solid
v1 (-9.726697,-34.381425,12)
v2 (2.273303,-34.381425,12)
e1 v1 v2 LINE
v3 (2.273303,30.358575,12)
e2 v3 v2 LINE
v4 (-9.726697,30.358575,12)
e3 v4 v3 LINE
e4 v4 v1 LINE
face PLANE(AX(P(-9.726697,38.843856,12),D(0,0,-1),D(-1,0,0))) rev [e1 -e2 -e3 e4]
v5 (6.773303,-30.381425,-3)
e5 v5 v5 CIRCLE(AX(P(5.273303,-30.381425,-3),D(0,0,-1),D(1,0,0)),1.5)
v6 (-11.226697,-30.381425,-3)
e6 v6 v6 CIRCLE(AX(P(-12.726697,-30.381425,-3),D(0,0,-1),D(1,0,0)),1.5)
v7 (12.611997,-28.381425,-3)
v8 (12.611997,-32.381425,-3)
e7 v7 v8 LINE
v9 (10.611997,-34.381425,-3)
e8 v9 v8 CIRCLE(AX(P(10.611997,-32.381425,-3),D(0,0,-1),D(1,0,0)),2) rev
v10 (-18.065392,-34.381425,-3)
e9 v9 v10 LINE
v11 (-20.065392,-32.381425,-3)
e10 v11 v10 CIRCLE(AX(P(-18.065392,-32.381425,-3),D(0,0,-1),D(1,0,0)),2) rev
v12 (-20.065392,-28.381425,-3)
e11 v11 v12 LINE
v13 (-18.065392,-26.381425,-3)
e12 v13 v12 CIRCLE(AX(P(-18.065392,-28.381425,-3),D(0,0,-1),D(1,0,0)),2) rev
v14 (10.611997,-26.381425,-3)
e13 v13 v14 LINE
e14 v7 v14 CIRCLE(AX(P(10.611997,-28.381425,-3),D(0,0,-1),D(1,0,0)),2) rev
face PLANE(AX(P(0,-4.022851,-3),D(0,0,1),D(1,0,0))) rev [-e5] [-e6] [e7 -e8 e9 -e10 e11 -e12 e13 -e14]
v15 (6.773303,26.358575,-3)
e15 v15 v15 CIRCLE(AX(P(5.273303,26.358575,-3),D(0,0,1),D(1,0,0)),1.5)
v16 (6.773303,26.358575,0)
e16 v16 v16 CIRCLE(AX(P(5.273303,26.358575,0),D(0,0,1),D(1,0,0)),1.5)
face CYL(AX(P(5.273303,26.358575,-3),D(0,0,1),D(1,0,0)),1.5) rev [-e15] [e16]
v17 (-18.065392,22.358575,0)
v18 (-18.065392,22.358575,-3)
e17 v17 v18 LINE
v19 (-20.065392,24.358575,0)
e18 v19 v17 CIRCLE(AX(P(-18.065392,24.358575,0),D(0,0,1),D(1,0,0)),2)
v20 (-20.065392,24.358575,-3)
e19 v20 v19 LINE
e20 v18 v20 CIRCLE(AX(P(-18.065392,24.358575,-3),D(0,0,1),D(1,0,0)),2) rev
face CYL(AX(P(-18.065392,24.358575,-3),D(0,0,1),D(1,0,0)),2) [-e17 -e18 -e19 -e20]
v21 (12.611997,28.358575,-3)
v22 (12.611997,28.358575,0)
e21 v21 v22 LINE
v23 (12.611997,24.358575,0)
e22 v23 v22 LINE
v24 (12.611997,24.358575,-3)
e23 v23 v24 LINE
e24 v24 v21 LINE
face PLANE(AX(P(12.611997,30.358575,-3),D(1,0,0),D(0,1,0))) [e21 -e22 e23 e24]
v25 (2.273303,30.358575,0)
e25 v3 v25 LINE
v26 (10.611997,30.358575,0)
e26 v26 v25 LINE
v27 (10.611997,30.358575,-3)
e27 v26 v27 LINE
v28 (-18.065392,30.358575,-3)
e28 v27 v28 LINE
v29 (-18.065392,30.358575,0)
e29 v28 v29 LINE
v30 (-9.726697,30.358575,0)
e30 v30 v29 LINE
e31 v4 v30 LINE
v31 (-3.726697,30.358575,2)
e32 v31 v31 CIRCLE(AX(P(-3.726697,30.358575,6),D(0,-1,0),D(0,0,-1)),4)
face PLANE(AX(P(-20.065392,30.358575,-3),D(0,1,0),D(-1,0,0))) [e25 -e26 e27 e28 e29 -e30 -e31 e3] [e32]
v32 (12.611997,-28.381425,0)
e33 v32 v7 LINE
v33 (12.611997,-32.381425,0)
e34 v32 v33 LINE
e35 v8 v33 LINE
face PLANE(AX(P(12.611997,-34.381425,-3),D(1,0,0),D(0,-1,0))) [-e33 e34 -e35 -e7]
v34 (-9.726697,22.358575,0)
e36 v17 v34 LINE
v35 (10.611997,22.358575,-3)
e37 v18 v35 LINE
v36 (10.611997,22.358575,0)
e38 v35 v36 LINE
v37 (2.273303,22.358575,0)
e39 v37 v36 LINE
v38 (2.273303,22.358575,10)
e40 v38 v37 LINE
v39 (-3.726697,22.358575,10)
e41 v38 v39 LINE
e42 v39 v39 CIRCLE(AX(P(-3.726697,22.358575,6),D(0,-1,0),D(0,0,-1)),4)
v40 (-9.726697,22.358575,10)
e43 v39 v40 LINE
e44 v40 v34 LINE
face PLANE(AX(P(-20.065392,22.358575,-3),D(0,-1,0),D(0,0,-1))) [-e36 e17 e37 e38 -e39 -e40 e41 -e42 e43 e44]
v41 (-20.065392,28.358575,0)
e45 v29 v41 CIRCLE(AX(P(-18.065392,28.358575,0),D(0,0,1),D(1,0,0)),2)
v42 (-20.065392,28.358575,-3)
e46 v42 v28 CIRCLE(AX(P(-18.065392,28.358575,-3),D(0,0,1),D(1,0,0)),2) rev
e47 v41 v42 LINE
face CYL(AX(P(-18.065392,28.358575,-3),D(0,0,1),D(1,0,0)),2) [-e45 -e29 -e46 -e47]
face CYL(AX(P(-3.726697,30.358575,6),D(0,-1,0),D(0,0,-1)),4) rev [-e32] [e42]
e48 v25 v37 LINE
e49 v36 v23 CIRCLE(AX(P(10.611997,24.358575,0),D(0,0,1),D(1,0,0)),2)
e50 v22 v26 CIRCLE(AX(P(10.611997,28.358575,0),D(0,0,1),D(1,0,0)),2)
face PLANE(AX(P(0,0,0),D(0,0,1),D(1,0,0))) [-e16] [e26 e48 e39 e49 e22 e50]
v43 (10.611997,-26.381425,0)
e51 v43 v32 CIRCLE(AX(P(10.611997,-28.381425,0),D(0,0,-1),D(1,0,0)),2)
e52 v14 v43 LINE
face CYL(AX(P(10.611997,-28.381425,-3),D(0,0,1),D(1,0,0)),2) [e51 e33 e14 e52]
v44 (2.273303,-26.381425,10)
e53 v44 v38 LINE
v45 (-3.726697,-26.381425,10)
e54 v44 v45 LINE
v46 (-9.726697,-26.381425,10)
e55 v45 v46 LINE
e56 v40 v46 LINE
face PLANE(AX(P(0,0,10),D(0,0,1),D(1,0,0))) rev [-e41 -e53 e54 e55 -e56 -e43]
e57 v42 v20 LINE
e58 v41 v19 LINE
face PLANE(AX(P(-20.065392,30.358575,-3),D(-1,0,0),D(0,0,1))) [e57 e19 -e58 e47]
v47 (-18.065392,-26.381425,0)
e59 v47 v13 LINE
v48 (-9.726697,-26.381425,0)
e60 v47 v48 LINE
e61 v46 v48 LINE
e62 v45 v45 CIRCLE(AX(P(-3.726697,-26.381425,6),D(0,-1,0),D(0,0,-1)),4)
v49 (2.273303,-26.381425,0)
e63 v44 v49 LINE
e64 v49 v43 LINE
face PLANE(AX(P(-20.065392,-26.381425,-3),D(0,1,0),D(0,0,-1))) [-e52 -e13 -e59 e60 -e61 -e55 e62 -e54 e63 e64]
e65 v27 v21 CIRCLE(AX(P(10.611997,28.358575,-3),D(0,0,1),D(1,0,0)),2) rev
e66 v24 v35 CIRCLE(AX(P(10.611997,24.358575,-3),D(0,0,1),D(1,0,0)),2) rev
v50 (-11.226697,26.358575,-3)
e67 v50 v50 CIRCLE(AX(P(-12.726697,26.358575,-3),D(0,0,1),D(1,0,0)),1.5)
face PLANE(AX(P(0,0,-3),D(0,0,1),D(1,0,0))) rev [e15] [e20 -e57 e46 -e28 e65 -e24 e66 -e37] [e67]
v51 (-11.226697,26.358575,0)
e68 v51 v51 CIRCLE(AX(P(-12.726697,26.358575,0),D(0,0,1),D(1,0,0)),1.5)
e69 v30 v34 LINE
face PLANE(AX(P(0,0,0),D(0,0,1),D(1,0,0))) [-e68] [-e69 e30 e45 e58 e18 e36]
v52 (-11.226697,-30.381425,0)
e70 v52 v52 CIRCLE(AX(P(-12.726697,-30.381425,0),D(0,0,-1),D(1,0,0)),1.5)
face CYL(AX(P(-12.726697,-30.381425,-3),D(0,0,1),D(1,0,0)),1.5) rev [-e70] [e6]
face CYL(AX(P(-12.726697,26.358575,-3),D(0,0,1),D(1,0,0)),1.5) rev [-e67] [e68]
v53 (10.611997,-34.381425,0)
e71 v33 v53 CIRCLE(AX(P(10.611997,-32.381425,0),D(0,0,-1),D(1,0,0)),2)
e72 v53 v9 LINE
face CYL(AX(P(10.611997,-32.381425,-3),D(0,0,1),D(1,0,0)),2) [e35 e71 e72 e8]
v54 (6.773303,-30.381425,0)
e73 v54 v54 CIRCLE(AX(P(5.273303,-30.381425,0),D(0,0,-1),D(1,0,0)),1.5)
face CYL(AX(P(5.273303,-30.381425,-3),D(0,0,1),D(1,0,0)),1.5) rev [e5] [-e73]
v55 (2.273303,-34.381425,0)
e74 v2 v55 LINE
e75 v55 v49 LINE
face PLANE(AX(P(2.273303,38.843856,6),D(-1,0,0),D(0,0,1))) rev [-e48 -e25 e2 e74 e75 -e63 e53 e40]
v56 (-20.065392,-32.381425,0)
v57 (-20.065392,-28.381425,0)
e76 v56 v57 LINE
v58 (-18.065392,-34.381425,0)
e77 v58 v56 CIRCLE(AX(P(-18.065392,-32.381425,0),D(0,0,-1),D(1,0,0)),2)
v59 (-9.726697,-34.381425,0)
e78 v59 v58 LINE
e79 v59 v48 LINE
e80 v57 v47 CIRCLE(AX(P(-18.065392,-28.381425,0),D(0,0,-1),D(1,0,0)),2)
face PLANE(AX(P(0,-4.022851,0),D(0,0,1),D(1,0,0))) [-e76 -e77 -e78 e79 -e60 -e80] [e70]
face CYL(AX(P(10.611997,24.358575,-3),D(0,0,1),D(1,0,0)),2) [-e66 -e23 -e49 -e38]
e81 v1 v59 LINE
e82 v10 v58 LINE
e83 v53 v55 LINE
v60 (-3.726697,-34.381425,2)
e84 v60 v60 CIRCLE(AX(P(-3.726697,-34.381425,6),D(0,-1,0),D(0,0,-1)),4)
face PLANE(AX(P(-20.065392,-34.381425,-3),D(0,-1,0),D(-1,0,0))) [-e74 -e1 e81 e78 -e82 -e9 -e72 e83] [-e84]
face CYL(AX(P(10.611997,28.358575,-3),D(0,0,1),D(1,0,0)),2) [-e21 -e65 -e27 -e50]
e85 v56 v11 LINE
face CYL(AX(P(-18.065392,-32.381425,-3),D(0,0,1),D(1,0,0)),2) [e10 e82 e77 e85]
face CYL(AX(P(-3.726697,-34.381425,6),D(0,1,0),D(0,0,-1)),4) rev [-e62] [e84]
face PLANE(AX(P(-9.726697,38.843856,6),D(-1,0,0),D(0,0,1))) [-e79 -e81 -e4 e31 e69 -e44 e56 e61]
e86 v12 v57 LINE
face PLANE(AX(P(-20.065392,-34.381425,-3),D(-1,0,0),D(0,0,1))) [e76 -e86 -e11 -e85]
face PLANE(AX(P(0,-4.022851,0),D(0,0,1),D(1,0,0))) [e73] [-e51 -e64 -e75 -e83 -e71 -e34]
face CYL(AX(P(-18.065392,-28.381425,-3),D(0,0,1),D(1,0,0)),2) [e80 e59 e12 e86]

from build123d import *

# Parameters (mm, degrees)
SKETCH_1_W             = 32.677388302
SKETCH_1_H             = 8
EXTRUDE_1_DEPTH        = 3
SKETCH_2_R             = 1.5
CUT_EXTRUDE_1_DEPTH    = 4
SKETCH_3_R             = 6
EXTRUDE_2_DEPTH        = 8
EXTRUDE_3_DEPTH        = 8
SKETCH_10_W            = 12
SKETCH_10_H            = 24.37
EXTRUDE_5_DEPTH        = 2
SKETCH_4_R             = 4
CUT_EXTRUDE_2_DEPTH    = 9
FILLET_1_R             = 2
MIRROR_3_COPY_1_DEPTH  = 8
FILLET_1_OF_MIRROR_3_R = 2


with BuildPart() as part:
    # 草图1 → 凸台-拉伸1 (new body)
    with BuildSketch(Plane.XY):
        with Locations((-3.726697353, 26.358574689)):
            Rectangle(SKETCH_1_W, SKETCH_1_H)
    extrude_1 = extrude(amount=-EXTRUDE_1_DEPTH)

    # 草图2 → 切除-拉伸1 (cut, through all)
    with BuildSketch(Plane.XY):
        with Locations((-12.726697353, 26.358574689)):
            Circle(SKETCH_2_R)
        with Locations((5.273302647, 26.358574689)):
            Circle(SKETCH_2_R)
    cut_extrude_1 = extrude(amount=-CUT_EXTRUDE_1_DEPTH, mode=Mode.SUBTRACT)



with BuildPart() as body_2:
    # 草图3 → 凸台-拉伸2 (new body)
    with BuildSketch(Plane.XZ.offset(-22.358574689)):
        with Locations((-3.726697353, 6)):
            Circle(SKETCH_3_R)
    extrude_2 = extrude(amount=-EXTRUDE_2_DEPTH)


with BuildPart() as part_1:
    add(part.part)

    add(body_2.part)  # 凸台-拉伸3 merges body 2
    # 草图5 → 凸台-拉伸3 (add)
    with BuildSketch(Plane.XZ.offset(-22.358574689)):
        Polygon((-3.726697353, 0), (-9.726697353, 6), (-9.726697353, 0), align=None)
        Polygon((2.273302647, 6), (-3.726697353, 0), (2.273302647, 0), align=None)
    extrude_3 = extrude(amount=-EXTRUDE_3_DEPTH)

    # 镜向1: 凸台-拉伸3 across plane
    add(extrude_3.mirror(Plane(origin=(0, 0, 6), x_dir=(1, 0, 0), z_dir=(0, 0, -1))))

    # 草图10 → 凸台-拉伸5 (add)
    with BuildSketch(Plane.XY.offset(12)):
        with Locations((-3.726697353, 10.173574689)):
            Rectangle(SKETCH_10_W, SKETCH_10_H)
    extrude_5 = extrude(amount=-EXTRUDE_5_DEPTH)

    # 草图4 → 切除-拉伸2 (cut, through all)
    with BuildSketch(Plane.XZ.offset(-22.358574689)):
        with Locations((-3.726697353, 6)):
            Circle(SKETCH_4_R)
    cut_extrude_2 = extrude(amount=-CUT_EXTRUDE_2_DEPTH, mode=Mode.SUBTRACT)

    # 圆角1
    fillet_1_edges = [part_1.edges().sort_by_distance(p)[0] for p in [
        (12.611996798, 22.358574689, -1.5),
        (-20.065391504, 22.358574689, -1.5),
        (-20.065391504, 30.358574689, -1.5),
        (12.611996798, 30.358574689, -1.5),
    ]]
    fillet(fillet_1_edges, radius=FILLET_1_R)

    # 镜向3: 凸台-拉伸1, 切除-拉伸1, 凸台-拉伸2, 切除-拉伸2, 凸台-拉伸3, 凸台-拉伸5 across plane
    add(extrude_1.mirror(Plane(origin=(-9.726697353, -2.011425311, 10), x_dir=(0, 0, 1), z_dir=(0, -1, 0))))
    add(cut_extrude_1.mirror(Plane(origin=(-9.726697353, -2.011425311, 10), x_dir=(0, 0, 1), z_dir=(0, -1, 0))), mode=Mode.SUBTRACT)
    add(extrude_2.mirror(Plane(origin=(-9.726697353, -2.011425311, 10), x_dir=(0, 0, 1), z_dir=(0, -1, 0))))
    add(cut_extrude_2.mirror(Plane(origin=(-9.726697353, -2.011425311, 10), x_dir=(0, 0, 1), z_dir=(0, -1, 0))), mode=Mode.SUBTRACT)
    add(extrude_3.mirror(Plane(origin=(-9.726697353, -2.011425311, 10), x_dir=(0, 0, 1), z_dir=(0, -1, 0))))
    add(extrude_5.mirror(Plane(origin=(-9.726697353, -2.011425311, 10), x_dir=(0, 0, 1), z_dir=(0, -1, 0))))

    # 镜向3 copy 1 sketch → 镜向3 copy 1 (add)
    with BuildSketch(Plane(origin=(0, -26.381425311, 12), x_dir=(1, 0, 0), z_dir=(0, 1, 0))):
        Polygon((-3.726697353, 0), (-9.726697353, 6), (-9.726697353, 0), align=None)
        Polygon((2.273302647, 6), (-3.726697353, 0), (2.273302647, 0), align=None)
    extrude(amount=-MIRROR_3_COPY_1_DEPTH)

    # 圆角1 of 镜向3
    fillet_1_of_mirror_3_edges = [part_1.edges().sort_by_distance(p)[0] for p in [
        (12.611996798, -26.381425311, -1.5),
        (-20.065391504, -26.381425311, -1.5),
        (-20.065391504, -34.381425311, -1.5),
        (12.611996798, -34.381425311, -1.5),
    ]]
    fillet(fillet_1_of_mirror_3_edges, radius=FILLET_1_OF_MIRROR_3_R)


solid = part_1.part
